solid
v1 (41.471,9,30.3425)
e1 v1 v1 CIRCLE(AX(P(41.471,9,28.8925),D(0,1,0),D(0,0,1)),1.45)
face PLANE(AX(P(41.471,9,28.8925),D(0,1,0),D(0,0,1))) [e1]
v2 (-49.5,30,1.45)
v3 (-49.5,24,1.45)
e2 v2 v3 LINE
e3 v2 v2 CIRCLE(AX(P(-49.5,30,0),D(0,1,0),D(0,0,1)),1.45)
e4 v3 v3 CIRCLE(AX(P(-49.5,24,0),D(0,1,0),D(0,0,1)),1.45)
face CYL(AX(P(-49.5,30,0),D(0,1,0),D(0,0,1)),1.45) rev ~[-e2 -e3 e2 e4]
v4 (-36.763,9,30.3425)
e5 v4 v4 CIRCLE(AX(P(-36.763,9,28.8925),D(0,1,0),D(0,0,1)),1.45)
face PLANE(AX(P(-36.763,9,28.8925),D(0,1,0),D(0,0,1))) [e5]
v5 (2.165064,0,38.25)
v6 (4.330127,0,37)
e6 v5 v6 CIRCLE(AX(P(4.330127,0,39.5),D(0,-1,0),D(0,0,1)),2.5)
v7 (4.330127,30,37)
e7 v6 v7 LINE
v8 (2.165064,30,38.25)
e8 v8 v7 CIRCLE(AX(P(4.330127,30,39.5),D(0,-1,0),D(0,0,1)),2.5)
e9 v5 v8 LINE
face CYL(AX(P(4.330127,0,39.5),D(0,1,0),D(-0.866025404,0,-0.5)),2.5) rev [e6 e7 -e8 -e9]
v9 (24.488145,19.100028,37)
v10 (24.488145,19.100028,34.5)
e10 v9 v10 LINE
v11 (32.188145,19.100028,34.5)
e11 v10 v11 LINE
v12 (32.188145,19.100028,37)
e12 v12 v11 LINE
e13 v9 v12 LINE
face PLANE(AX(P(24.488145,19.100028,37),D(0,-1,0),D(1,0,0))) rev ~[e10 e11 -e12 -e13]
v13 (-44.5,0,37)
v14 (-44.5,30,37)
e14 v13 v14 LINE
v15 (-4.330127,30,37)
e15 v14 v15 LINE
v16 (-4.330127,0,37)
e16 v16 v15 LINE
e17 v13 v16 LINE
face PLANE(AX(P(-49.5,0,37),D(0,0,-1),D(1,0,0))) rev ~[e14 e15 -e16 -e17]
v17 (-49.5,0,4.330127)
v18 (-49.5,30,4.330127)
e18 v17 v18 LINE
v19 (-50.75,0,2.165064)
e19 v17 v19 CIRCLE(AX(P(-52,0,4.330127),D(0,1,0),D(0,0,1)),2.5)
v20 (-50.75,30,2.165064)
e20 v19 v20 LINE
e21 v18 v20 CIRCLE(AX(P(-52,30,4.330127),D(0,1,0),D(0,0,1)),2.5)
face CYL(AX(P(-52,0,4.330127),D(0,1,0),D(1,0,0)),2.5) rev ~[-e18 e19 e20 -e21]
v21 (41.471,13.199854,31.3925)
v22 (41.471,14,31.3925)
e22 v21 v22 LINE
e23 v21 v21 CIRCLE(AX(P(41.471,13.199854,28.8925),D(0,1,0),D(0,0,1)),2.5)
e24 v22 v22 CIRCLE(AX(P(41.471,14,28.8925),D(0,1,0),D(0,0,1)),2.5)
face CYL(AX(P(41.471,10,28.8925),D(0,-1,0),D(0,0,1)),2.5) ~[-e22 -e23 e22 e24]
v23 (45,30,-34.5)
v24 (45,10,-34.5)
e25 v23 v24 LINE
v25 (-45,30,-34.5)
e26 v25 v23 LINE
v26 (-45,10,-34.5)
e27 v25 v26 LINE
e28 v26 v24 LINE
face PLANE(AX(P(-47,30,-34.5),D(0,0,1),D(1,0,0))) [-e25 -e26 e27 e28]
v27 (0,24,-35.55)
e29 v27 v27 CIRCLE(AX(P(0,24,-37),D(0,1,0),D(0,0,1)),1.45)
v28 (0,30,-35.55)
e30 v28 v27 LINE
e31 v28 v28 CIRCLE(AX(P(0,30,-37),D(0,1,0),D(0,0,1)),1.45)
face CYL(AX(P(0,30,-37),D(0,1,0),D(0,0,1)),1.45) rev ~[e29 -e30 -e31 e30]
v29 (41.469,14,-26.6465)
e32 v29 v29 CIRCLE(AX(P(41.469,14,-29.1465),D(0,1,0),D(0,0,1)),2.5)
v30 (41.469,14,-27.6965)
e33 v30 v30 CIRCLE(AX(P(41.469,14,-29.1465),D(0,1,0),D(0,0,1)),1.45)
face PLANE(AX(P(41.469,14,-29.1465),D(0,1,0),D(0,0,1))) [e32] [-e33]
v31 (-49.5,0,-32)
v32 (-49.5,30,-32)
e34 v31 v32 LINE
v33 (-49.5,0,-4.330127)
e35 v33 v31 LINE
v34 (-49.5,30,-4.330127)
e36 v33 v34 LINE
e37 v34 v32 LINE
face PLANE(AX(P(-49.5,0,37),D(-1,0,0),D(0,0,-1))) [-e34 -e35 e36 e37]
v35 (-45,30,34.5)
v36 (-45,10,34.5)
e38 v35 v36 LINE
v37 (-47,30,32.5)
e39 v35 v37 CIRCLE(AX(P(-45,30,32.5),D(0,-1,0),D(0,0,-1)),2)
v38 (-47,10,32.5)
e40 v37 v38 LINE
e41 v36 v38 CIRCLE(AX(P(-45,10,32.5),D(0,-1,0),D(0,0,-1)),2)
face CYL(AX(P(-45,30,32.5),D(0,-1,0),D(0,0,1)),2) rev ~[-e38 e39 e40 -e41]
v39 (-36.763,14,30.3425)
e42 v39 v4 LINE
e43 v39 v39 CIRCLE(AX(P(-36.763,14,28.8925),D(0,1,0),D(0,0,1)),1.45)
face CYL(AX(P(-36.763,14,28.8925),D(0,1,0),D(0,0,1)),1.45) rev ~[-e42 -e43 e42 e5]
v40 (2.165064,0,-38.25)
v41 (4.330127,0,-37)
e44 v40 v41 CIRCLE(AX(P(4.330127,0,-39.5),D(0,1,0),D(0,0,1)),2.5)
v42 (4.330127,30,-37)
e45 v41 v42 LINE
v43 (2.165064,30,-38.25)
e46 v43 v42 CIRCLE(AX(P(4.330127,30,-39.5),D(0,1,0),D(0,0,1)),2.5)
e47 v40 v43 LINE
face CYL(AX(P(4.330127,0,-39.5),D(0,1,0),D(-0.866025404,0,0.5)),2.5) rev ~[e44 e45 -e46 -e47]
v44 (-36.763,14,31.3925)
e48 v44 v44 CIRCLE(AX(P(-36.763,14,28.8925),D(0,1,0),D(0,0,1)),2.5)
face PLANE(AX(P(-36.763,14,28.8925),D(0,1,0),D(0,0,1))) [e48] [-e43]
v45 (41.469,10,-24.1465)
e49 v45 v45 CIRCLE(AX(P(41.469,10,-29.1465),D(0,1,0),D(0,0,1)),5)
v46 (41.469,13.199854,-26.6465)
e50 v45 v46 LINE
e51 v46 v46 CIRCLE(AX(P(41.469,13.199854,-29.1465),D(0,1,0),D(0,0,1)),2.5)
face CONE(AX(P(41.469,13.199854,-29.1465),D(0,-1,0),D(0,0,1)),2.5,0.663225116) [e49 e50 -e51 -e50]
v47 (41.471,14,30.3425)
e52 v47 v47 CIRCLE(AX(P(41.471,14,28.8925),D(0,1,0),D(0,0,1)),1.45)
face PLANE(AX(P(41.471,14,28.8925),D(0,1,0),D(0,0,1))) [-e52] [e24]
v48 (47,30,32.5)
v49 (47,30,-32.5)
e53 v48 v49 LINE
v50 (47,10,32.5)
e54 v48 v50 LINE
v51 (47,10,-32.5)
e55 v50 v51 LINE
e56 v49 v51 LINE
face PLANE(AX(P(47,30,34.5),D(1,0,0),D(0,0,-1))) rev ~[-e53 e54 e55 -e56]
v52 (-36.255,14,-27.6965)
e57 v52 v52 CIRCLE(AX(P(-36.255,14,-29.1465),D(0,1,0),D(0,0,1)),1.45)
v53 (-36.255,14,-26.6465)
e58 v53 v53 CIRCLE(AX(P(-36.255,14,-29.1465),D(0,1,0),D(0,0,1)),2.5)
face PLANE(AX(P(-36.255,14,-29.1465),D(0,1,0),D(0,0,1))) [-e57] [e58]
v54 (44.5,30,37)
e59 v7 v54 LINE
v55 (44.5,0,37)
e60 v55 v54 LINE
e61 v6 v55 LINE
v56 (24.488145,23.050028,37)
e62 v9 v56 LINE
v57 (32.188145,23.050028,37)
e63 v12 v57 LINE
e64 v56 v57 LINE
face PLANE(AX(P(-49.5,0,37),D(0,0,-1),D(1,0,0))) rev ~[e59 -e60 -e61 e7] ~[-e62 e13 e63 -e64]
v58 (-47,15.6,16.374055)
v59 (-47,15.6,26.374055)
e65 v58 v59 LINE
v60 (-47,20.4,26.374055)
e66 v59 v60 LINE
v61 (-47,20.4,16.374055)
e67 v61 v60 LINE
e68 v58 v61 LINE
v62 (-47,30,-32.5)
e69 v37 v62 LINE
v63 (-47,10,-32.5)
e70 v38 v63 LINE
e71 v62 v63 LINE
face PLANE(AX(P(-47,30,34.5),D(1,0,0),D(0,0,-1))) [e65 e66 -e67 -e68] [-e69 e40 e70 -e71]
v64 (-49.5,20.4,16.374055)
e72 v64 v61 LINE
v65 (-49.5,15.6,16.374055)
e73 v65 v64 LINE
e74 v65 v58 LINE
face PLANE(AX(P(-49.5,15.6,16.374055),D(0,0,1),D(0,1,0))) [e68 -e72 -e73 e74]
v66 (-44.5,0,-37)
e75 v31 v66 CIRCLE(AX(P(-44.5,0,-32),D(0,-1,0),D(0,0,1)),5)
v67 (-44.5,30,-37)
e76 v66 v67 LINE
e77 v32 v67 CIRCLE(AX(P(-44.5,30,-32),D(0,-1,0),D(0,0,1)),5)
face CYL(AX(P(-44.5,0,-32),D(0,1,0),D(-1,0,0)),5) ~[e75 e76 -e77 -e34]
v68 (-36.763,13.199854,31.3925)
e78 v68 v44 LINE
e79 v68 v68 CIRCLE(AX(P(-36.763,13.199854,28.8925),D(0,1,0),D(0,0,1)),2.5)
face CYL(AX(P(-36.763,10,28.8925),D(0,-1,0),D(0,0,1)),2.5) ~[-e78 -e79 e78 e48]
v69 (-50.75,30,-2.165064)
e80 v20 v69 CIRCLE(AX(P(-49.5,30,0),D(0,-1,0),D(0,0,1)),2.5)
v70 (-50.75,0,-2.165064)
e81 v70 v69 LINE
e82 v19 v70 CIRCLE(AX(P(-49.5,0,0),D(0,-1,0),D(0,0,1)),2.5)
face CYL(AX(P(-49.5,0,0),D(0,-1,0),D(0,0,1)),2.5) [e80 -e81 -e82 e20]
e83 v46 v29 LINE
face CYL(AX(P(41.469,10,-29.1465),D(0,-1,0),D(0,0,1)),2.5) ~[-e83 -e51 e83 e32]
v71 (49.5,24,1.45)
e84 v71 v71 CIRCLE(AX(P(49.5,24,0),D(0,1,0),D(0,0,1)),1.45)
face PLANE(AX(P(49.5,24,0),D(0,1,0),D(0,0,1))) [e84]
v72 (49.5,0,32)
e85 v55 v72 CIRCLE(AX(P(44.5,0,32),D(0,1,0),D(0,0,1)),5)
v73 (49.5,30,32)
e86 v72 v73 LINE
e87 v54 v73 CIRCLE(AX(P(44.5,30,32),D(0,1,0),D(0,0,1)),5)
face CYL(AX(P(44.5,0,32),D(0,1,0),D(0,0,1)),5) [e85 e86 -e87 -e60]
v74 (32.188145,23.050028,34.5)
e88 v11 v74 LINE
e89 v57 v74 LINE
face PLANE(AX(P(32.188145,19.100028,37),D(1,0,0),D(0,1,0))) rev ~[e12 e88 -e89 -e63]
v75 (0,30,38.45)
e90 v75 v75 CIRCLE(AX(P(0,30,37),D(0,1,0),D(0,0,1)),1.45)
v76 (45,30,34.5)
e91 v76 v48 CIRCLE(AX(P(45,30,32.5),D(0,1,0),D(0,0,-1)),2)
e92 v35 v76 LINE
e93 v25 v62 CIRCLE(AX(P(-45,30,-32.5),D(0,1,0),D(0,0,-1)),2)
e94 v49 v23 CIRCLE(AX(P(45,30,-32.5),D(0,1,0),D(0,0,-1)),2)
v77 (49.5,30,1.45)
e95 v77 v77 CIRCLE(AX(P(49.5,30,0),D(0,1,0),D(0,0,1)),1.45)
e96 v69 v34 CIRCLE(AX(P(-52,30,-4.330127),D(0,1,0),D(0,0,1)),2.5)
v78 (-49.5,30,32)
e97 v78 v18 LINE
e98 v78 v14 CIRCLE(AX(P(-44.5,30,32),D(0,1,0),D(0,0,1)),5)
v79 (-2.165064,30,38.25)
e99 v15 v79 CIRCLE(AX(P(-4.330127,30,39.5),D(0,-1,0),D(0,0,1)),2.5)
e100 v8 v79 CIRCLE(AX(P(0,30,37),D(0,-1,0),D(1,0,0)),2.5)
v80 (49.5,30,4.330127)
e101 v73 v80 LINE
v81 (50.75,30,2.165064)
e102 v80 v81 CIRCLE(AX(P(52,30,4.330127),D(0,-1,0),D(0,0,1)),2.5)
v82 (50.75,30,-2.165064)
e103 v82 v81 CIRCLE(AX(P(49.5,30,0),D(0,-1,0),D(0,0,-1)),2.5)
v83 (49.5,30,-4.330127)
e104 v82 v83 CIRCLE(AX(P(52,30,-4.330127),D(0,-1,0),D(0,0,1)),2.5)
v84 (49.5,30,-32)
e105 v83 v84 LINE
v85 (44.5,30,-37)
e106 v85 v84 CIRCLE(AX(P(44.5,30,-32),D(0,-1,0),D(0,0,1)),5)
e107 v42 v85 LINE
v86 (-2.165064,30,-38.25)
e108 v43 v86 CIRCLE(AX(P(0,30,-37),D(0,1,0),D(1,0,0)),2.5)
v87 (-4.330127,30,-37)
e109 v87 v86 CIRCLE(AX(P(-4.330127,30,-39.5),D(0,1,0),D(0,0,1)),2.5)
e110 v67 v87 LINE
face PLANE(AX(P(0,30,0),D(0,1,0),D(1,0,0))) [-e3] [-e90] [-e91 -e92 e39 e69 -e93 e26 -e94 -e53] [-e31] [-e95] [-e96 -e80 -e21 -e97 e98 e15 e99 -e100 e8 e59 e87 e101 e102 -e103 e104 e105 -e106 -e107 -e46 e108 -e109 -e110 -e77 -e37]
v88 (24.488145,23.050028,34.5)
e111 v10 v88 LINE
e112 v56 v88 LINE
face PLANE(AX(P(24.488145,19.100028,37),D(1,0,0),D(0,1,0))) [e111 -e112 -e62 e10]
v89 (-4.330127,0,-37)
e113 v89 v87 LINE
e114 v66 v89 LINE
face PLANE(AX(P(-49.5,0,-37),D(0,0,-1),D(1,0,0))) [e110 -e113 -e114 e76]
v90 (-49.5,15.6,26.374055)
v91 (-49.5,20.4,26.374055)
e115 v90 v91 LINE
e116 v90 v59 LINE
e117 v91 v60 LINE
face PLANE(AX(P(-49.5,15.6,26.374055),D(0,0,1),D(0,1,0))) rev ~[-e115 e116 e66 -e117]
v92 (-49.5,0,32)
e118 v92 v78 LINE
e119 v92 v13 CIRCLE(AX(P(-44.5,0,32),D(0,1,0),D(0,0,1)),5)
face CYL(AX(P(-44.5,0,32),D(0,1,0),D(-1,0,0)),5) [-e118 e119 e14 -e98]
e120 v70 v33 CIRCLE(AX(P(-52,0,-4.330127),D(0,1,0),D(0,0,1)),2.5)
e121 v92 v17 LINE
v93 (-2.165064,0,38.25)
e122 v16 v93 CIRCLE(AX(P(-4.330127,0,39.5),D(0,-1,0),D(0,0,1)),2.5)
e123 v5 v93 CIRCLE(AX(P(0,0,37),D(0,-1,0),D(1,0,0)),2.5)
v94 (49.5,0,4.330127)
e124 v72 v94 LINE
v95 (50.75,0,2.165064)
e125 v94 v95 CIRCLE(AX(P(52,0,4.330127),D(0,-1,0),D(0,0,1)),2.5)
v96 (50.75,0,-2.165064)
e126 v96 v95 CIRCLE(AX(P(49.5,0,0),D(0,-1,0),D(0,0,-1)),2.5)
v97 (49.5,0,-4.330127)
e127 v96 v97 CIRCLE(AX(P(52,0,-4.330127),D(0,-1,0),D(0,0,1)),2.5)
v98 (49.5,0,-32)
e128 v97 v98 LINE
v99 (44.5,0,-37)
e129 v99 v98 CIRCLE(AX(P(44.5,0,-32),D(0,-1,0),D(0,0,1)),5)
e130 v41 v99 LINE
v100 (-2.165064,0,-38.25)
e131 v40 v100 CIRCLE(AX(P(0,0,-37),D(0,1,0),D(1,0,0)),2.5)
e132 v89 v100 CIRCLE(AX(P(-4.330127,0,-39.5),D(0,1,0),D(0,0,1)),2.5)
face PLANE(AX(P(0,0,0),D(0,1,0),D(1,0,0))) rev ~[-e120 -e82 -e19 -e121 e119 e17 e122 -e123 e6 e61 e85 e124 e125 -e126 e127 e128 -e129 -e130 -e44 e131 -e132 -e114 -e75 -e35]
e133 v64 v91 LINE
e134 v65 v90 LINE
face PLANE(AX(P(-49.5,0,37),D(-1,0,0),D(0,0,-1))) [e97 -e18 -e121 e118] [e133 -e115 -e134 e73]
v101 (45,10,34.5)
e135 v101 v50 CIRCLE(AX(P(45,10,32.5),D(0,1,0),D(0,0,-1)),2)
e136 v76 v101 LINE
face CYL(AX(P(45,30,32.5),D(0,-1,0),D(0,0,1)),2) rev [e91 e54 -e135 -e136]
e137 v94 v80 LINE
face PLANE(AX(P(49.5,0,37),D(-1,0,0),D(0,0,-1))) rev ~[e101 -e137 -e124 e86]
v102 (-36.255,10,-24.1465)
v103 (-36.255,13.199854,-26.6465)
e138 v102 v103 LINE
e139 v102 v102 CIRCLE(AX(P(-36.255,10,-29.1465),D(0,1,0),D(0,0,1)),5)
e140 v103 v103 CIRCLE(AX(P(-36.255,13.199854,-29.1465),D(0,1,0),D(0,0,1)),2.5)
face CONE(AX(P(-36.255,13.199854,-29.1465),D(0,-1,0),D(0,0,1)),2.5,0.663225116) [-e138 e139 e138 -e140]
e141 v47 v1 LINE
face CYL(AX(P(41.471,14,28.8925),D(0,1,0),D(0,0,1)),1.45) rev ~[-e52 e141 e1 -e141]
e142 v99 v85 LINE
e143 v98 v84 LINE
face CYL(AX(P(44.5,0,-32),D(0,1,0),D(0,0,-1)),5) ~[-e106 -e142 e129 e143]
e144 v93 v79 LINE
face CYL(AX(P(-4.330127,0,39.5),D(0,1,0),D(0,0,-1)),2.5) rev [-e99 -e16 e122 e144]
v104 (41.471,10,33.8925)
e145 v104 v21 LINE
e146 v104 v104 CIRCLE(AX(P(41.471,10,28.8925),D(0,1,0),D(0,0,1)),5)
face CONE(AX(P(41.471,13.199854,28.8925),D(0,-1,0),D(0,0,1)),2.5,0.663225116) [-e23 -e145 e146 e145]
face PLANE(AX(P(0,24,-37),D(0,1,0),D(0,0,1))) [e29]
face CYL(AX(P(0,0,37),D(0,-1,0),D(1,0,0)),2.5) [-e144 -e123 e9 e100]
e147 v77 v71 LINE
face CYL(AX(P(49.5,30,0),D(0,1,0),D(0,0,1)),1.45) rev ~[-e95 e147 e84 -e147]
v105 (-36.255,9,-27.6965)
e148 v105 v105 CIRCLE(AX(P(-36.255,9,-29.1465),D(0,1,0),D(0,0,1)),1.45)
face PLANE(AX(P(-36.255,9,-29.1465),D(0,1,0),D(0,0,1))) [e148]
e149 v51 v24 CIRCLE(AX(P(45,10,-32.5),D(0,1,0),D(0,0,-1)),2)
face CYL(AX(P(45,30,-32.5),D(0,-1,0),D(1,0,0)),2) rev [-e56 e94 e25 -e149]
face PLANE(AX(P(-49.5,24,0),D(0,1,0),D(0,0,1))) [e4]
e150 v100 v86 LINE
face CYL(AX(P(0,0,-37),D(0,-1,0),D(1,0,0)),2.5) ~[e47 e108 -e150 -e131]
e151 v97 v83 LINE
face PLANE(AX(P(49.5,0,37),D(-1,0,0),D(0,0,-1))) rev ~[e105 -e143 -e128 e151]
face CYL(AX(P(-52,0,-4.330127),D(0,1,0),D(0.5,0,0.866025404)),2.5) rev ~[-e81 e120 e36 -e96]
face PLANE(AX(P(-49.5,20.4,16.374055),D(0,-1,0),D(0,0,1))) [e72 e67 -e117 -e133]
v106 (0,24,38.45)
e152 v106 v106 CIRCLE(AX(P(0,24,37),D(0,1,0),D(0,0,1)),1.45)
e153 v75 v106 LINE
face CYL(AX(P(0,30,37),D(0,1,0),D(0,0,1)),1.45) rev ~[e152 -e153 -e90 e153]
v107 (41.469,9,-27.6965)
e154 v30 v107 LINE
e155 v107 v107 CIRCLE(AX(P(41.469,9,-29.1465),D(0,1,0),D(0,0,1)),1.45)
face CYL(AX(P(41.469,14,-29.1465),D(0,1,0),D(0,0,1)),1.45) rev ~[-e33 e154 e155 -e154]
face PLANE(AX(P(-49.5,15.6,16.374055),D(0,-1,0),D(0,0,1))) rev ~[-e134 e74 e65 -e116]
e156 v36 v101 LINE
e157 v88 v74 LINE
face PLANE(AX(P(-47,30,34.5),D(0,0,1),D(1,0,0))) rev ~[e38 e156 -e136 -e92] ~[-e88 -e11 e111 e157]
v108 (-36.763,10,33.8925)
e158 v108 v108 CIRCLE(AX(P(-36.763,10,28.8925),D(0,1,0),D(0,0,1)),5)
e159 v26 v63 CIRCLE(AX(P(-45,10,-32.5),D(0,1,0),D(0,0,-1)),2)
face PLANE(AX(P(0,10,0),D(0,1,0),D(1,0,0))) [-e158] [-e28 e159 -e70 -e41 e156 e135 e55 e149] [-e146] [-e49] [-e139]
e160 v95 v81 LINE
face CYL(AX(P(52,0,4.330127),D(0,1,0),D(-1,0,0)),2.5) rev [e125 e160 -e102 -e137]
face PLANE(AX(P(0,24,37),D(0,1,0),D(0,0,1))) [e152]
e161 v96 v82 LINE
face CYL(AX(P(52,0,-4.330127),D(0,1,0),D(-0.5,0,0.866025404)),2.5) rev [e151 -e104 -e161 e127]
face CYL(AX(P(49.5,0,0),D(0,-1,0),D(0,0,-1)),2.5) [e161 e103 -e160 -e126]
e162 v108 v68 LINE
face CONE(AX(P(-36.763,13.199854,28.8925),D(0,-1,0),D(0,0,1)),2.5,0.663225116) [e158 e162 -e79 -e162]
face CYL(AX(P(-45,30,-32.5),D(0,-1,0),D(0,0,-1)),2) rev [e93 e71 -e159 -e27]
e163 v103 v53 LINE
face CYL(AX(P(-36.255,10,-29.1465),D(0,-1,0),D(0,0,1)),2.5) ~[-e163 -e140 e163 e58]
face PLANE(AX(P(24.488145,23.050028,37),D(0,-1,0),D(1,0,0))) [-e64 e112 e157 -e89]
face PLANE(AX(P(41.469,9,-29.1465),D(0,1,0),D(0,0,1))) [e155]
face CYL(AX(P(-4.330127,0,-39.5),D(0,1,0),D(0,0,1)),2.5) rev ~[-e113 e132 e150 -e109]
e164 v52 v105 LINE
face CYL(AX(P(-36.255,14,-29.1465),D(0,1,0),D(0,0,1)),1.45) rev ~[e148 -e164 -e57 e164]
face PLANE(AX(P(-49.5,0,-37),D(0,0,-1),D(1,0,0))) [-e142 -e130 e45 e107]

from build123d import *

# Parameters (mm, degrees)
SKETCH1_W           = 99
SKETCH1_H           = 74
BOSS_EXTRUDE1_DEPTH = 30
SKETCH2_W           = 94
SKETCH2_H           = 69
CUT_EXTRUDE1_DEPTH  = 20
FILLET2_R           = 5
FILLET3_R           = 2
SKETCH3_R           = 2.5
BOSS_EXTRUDE2_DEPTH = 4
SKETCH8_R           = 1.45
CUT_EXTRUDE4_DEPTH  = 5
CHAMFER1_SIZE       = 2.5
CHAMFER1_SIZE2      = 3.19985408
CHAMFER2_SIZE       = 2.5
CHAMFER2_SIZE2      = 3.19985408
CHAMFER3_SIZE       = 2.5
CHAMFER3_SIZE2      = 3.19985408
CHAMFER4_SIZE       = 2.5
CHAMFER4_SIZE2      = 3.19985408
BOSS_EXTRUDE3_DEPTH = 30
SKETCH11_R          = 1.45
CUT_EXTRUDE5_DEPTH  = 6
FILLET5_R           = 2.5
SKETCH13_W          = 10
SKETCH13_H          = 4.8
CUT_EXTRUDE7_DEPTH  = 2.5
SKETCH14_W          = 7.6999997
SKETCH14_H          = 3.94999985
CUT_EXTRUDE8_DEPTH  = 2.5


with BuildPart() as part:
    # Sketch1 → Boss-Extrude1 (new body)
    with BuildSketch(Plane(origin=(0, 0, 0), x_dir=(1, 0, 0), z_dir=(0, 1, 0))):
        Rectangle(SKETCH1_W, SKETCH1_H)
    extrude(amount=BOSS_EXTRUDE1_DEPTH)

    # Sketch2 → Cut-Extrude1 (cut)
    with BuildSketch(Plane(origin=(0, 30, 0), x_dir=(1, 0, 0), z_dir=(0, 1, 0))):
        Rectangle(SKETCH2_W, SKETCH2_H)
    extrude(amount=-CUT_EXTRUDE1_DEPTH, mode=Mode.SUBTRACT)

    # Fillet2
    fillet2_edges = [part.edges().sort_by_distance(p)[0] for p in [
        (49.5, 15, 37),
        (-49.5, 15, 37),
        (-49.5, 15, -37),
        (49.5, 15, -37),
    ]]
    fillet(fillet2_edges, radius=FILLET2_R)

    # Fillet3
    fillet3_edges = [part.edges().sort_by_distance(p)[0] for p in [
        (47, 20, -34.5),
        (47, 20, 34.5),
        (-47, 20, 34.5),
        (-47, 20, -34.5),
    ]]
    fillet(fillet3_edges, radius=FILLET3_R)

    # Sketch3 → Boss-Extrude2 (add)
    with BuildSketch(Plane(origin=(0, 10, 0), x_dir=(1, 0, 0), z_dir=(0, 1, 0))):
        with Locations(Location((-36.255, 29.1465, 0), (0, 0, 270))):
            Circle(SKETCH3_R)
        with Locations(Location((41.469, 29.1465, 0), (0, 0, 270))):
            Circle(SKETCH3_R)
        with Locations(Location((41.471, -28.8925, 0), (0, 0, 270))):
            Circle(SKETCH3_R)
        with Locations(Location((-36.763, -28.8925, 0), (0, 0, 270))):
            Circle(SKETCH3_R)
    extrude(amount=BOSS_EXTRUDE2_DEPTH)

    # Sketch8 → Cut-Extrude4 (cut)
    with BuildSketch(Plane(origin=(0, 14, 0), x_dir=(1, 0, 0), z_dir=(0, 1, 0))):
        with Locations(Location((-36.255, 29.1465, 0), (0, 0, 270))):
            Circle(SKETCH8_R)
        with Locations(Location((-36.763, -28.8925, 0), (0, 0, 270))):
            Circle(SKETCH8_R)
        with Locations(Location((41.469, 29.1465, 0), (0, 0, 270))):
            Circle(SKETCH8_R)
        with Locations(Location((41.471, -28.8925, 0), (0, 0, 270))):
            Circle(SKETCH8_R)
    extrude(amount=-CUT_EXTRUDE4_DEPTH, mode=Mode.SUBTRACT)

    # Chamfer1
    chamfer1_edges = [part.edges().sort_by_distance(p)[0] for p in [
        (-36.763, 10, 26.3925),
    ]]
    chamfer1_side = [part.faces().sort_by_distance(p)[0] for p in [
        (-0.030421175, 10, 0.001557545),
    ]]
    chamfer(chamfer1_edges, length=CHAMFER1_SIZE, length2=CHAMFER1_SIZE2, reference=chamfer1_side[0])

    # Chamfer2
    chamfer2_edges = [part.edges().sort_by_distance(p)[0] for p in [
        (41.471, 10, 26.3925),
    ]]
    chamfer2_side = [part.faces().sort_by_distance(p)[0] for p in [
        (0.310585286, 10, -0.266651178),
    ]]
    chamfer(chamfer2_edges, length=CHAMFER2_SIZE, length2=CHAMFER2_SIZE2, reference=chamfer2_side[0])

    # Chamfer3
    chamfer3_edges = [part.edges().sort_by_distance(p)[0] for p in [
        (-36.255, 10, -31.6465),
    ]]
    chamfer3_side = [part.faces().sort_by_distance(p)[0] for p in [
        (-0.075107512, 10, -0.53988639),
    ]]
    chamfer(chamfer3_edges, length=CHAMFER3_SIZE, length2=CHAMFER3_SIZE2, reference=chamfer3_side[0])

    # Chamfer4
    chamfer4_edges = [part.edges().sort_by_distance(p)[0] for p in [
        (41.469, 10, -31.6465),
    ]]
    chamfer4_side = [part.faces().sort_by_distance(p)[0] for p in [
        (0.267122265, 10, -0.269293132),
    ]]
    chamfer(chamfer4_edges, length=CHAMFER4_SIZE, length2=CHAMFER4_SIZE2, reference=chamfer4_side[0])

    # Sketch10 → Boss-Extrude3 (add)
    with BuildSketch(Plane.XZ):
        with BuildLine():
            Line((-2.5, 37), (2.5, 37))
            ThreePointArc((2.5, 37), (0, 39.5), (-2.5, 37))
        make_face()
        with BuildLine():
            Line((-49.5, -2.5), (-49.5, 2.5))
            ThreePointArc((-49.5, 2.5), (-52, 0), (-49.5, -2.5))
        make_face()
        with BuildLine():
            Line((-2.5, -37), (2.5, -37))
            ThreePointArc((2.5, -37), (0, -39.5), (-2.5, -37))
        make_face()
        with BuildLine():
            Line((49.5, 2.5), (49.5, -2.5))
            ThreePointArc((49.5, -2.5), (52, 0), (49.5, 2.5))
        make_face()
    extrude(amount=-BOSS_EXTRUDE3_DEPTH)

    # Sketch11 → Cut-Extrude5 (cut)
    with BuildSketch(Plane(origin=(0, 30, 0), x_dir=(1, 0, 0), z_dir=(0, 1, 0))):
        with Locations(Location((0, 37, 0), (0, 0, 270))):
            Circle(SKETCH11_R)
        with Locations(Location((-49.5, 0, 0), (0, 0, 270))):
            Circle(SKETCH11_R)
        with Locations(Location((0, -37, 0), (0, 0, 270))):
            Circle(SKETCH11_R)
        with Locations(Location((49.5, 0, 0), (0, 0, 270))):
            Circle(SKETCH11_R)
    extrude(amount=-CUT_EXTRUDE5_DEPTH, mode=Mode.SUBTRACT)

    # Fillet5
    fillet5_edges = [part.edges().sort_by_distance(p)[0] for p in [
        (2.5, 15, 37),
        (-2.5, 15, 37),
        (-2.5, 15, -37),
        (2.5, 15, -37),
        (-49.5, 15, 2.5),
        (-49.5, 15, -2.5),
        (49.5, 15, -2.5),
        (49.5, 15, 2.5),
    ]]
    fillet(fillet5_edges, radius=FILLET5_R)

    # Sketch13 → Cut-Extrude7 (cut)
    with BuildSketch(Plane.ZY.offset(49.5)):
        with Locations((21.37405504, 18)):
            Rectangle(SKETCH13_W, SKETCH13_H)
    extrude(amount=-CUT_EXTRUDE7_DEPTH, mode=Mode.SUBTRACT)

    # Sketch14 → Cut-Extrude8 (cut)
    with BuildSketch(Plane.XY.offset(37)):
        with Locations((28.33814532, 21.075027895)):
            Rectangle(SKETCH14_W, SKETCH14_H)
    extrude(amount=-CUT_EXTRUDE8_DEPTH, mode=Mode.SUBTRACT)


solid = part.part
